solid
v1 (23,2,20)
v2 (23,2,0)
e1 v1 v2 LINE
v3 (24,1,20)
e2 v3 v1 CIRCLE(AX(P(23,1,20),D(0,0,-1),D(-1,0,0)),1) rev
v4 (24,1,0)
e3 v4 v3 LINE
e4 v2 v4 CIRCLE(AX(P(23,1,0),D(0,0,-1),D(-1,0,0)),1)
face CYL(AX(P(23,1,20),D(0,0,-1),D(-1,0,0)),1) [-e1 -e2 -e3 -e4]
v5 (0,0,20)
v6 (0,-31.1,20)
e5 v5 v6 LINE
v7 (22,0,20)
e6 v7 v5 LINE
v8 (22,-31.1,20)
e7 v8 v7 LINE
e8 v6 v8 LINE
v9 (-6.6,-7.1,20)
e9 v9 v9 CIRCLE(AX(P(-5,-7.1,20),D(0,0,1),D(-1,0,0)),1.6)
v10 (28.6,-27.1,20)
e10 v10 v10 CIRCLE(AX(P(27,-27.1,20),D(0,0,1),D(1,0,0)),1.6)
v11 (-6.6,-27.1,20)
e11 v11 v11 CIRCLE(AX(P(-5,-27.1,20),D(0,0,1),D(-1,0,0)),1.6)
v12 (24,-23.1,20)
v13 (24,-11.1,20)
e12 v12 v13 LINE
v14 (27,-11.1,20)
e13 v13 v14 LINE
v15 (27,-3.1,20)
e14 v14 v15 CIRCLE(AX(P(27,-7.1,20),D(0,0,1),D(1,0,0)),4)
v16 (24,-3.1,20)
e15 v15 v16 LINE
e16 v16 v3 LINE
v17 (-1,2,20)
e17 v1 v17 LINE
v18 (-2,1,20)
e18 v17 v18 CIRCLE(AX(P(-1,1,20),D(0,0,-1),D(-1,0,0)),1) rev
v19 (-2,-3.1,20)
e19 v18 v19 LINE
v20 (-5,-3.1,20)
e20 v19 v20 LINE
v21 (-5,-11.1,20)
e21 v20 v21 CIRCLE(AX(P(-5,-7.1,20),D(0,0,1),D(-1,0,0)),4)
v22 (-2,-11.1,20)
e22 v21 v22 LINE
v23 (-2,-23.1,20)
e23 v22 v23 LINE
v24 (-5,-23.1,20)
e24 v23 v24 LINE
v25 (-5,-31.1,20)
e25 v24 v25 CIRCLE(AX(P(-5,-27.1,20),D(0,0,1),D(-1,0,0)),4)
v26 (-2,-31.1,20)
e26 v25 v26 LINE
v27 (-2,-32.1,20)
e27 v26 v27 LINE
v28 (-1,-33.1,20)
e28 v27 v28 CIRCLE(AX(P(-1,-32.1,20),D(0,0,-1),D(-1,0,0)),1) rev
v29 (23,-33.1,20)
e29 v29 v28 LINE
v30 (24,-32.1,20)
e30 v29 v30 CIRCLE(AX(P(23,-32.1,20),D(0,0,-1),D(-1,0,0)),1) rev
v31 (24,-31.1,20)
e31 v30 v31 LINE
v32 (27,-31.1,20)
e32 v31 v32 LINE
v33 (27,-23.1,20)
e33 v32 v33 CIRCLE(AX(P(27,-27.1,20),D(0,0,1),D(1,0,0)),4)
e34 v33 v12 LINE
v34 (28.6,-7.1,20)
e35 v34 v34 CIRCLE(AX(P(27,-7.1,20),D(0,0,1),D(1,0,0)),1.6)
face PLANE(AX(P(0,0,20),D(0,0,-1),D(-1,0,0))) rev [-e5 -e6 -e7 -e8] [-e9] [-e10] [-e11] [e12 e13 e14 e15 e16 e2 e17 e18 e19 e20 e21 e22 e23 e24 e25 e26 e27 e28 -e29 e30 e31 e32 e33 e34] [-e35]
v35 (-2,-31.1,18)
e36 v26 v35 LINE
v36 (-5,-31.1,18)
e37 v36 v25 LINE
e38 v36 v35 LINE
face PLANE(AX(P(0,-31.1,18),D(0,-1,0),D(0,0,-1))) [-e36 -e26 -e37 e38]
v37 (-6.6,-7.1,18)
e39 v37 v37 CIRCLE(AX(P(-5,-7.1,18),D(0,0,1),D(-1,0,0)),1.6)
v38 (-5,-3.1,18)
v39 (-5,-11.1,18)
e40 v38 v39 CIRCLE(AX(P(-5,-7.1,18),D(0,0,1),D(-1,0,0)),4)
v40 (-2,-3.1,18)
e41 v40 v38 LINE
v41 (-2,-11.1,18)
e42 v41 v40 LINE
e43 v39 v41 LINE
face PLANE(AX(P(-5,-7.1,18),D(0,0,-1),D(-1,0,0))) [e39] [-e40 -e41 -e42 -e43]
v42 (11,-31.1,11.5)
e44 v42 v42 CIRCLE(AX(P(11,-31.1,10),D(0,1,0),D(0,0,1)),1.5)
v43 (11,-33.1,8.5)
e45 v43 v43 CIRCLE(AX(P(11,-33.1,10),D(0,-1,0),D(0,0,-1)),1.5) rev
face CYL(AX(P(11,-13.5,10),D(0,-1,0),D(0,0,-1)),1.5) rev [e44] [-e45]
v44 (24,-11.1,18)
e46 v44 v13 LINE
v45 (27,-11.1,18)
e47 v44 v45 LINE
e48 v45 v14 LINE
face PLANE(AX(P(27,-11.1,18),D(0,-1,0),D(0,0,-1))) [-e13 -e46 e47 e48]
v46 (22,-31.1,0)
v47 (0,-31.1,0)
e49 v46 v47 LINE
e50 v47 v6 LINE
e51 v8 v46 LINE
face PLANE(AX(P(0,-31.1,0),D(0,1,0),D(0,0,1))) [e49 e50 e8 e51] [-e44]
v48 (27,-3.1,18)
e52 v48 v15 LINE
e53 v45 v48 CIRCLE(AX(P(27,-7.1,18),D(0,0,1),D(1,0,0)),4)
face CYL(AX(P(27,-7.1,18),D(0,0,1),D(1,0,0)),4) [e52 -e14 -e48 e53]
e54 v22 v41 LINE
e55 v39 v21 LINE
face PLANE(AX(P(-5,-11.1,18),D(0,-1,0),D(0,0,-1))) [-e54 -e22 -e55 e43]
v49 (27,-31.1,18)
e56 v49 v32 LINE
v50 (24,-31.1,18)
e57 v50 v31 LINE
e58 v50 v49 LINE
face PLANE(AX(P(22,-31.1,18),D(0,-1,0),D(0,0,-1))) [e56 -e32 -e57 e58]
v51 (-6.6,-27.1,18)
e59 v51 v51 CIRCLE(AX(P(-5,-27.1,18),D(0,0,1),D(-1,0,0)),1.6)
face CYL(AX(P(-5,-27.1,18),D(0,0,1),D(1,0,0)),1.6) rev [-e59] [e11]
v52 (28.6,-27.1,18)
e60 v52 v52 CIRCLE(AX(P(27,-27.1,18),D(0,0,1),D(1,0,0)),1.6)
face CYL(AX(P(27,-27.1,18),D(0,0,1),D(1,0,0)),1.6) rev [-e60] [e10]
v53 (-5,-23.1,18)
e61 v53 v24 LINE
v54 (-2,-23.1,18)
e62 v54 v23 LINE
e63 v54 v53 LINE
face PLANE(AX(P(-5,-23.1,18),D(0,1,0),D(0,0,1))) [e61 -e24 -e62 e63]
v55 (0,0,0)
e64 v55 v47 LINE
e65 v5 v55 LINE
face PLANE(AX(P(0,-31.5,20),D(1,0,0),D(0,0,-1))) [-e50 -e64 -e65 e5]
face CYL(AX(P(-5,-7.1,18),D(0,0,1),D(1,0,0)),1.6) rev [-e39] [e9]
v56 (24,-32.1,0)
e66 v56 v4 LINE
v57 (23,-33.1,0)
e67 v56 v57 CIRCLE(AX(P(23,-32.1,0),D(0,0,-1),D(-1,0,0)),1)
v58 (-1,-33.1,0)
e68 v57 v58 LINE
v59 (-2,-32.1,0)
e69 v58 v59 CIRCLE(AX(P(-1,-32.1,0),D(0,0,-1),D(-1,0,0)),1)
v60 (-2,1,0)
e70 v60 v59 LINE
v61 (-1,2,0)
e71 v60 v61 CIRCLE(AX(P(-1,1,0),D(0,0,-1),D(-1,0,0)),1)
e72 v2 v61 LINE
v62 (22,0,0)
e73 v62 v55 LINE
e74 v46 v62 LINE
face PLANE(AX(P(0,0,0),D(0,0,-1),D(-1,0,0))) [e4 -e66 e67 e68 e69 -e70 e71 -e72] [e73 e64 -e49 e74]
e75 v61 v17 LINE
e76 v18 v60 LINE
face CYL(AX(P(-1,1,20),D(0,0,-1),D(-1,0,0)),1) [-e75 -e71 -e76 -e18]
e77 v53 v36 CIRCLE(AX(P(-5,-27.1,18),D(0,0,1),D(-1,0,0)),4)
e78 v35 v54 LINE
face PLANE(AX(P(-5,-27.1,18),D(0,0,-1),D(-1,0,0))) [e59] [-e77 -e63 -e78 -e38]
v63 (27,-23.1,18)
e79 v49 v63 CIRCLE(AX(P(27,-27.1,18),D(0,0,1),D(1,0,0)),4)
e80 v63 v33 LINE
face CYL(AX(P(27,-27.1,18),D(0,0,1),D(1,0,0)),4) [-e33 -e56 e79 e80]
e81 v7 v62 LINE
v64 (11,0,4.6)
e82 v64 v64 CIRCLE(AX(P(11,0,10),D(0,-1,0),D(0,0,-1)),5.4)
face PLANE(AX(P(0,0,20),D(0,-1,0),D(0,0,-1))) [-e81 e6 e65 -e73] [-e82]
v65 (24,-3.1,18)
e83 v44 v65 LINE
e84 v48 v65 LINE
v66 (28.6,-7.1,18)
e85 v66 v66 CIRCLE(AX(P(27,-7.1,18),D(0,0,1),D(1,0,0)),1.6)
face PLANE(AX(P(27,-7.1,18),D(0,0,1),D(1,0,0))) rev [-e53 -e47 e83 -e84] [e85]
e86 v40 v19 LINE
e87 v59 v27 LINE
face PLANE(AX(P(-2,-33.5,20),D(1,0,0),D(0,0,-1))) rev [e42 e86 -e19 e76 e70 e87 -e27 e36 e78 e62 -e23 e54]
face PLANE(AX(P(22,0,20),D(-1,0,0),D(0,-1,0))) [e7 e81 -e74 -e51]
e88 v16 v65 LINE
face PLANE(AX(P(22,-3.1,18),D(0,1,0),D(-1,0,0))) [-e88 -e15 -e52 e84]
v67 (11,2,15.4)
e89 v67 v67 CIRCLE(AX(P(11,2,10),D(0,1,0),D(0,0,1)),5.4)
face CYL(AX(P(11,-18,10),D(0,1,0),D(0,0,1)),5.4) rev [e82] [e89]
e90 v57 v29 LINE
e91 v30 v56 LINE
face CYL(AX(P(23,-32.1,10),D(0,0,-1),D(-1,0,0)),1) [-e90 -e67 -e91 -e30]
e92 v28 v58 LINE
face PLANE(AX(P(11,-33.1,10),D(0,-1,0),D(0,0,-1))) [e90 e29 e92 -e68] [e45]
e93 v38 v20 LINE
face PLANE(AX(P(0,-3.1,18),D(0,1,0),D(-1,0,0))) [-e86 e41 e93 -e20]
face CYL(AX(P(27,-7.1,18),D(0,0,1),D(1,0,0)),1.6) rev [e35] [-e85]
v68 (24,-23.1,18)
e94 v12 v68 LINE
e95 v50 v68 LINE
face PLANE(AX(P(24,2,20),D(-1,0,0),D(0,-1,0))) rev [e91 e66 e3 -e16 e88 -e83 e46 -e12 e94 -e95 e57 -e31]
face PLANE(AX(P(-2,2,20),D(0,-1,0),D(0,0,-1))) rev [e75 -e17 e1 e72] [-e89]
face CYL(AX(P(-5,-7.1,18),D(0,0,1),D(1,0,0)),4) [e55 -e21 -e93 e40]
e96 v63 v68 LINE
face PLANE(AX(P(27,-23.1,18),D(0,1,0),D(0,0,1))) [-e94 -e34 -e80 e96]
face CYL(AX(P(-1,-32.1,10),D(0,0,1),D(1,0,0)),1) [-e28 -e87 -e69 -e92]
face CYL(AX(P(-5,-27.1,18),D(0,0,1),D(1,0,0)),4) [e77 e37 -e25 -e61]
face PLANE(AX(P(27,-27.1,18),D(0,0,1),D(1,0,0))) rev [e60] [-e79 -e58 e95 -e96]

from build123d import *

# Parameters (mm, degrees)
SKETCH1_W           = 22
SKETCH1_H           = 31.5
BOSS_EXTRUDE1_DEPTH = 20
SKETCH2_R           = 5.4
CUT_EXTRUDE1_DEPTH  = 20
SKETCH3_R           = 1.5
CUT_EXTRUDE2_DEPTH  = 20
SKETCH4_W           = 22
SKETCH4_H           = 20
SKETCH4_R           = 1.5
BOSS_EXTRUDE2_DEPTH = 0.4
SKETCH5_R           = 44.087047381
CUT_EXTRUDE3_DEPTH  = 0.4
FILLET2_R           = 1
SKETCH6_R           = 1.6
BOSS_EXTRUDE3_DEPTH = 2


with BuildPart() as part:
    # Sketch1 → Boss-Extrude1 (new body)
    with BuildSketch(Plane.XY):
        Polygon((22, 2), (24, 2), (24, -33.5), (-2, -33.5), (-2, 2), align=None)
        with Locations((11, -15.75)):
            Rectangle(SKETCH1_W, SKETCH1_H, mode=Mode.SUBTRACT)
    extrude(amount=BOSS_EXTRUDE1_DEPTH)

    # Sketch2 → Cut-Extrude1 (cut)
    with BuildSketch(Plane(origin=(0, 2, 0), x_dir=(1, 0, 0), z_dir=(0, 1, 0))):
        with Locations((11, -10)):
            Circle(SKETCH2_R)
    extrude(amount=-CUT_EXTRUDE1_DEPTH, mode=Mode.SUBTRACT)

    # Sketch3 → Cut-Extrude2 (cut)
    with BuildSketch(Plane(origin=(0, -33.5, 0), x_dir=(-1, 0, 0), z_dir=(0, -1, 0))):
        with Locations((-11, -10)):
            Circle(SKETCH3_R)
    extrude(amount=-CUT_EXTRUDE2_DEPTH, mode=Mode.SUBTRACT)

    # Sketch4 → Boss-Extrude2 (add)
    with BuildSketch(Plane(origin=(0, -31.5, 0), x_dir=(1, 0, 0), z_dir=(0, 1, 0))):
        with Locations((11, -10)):
            Rectangle(SKETCH4_W, SKETCH4_H)
        with Locations((11, -10)):
            Circle(SKETCH4_R, mode=Mode.SUBTRACT)
    extrude(amount=BOSS_EXTRUDE2_DEPTH)

    # Sketch5 → Cut-Extrude3 (cut)
    with BuildSketch(Plane(origin=(0, -33.5, 0), x_dir=(-1, 0, 0), z_dir=(0, -1, 0))):
        with Locations((-11, -10)):
            Circle(SKETCH5_R)
    extrude(amount=-CUT_EXTRUDE3_DEPTH, mode=Mode.SUBTRACT)

    # Fillet2
    fillet2_edges = [part.edges().sort_by_distance(p)[0] for p in [
        (24, -33.1, 10),
        (-2, -33.1, 10),
        (-2, 2, 10),
        (24, 2, 10),
    ]]
    fillet(fillet2_edges, radius=FILLET2_R)

    # Sketch6 → Boss-Extrude3 (add)
    with BuildSketch(Plane.XY.offset(20)):
        with BuildLine():
            Line((22, -31.1), (27, -31.1))
            ThreePointArc((27, -31.1), (31, -27.1), (27, -23.1))
            Line((27, -23.1), (22, -23.1))
            Line((22, -23.1), (22, -31.1))
        make_face()
        with Locations((27, -27.1)):
            Circle(SKETCH6_R, mode=Mode.SUBTRACT)
        with BuildLine():
            Line((27, -11.1), (22, -11.1))
            Line((22, -11.1), (22, -3.1))
            Line((22, -3.1), (27, -3.1))
            ThreePointArc((27, -3.1), (31, -7.1), (27, -11.1))
        make_face()
        with Locations((27, -7.1)):
            Circle(SKETCH6_R, mode=Mode.SUBTRACT)
        with BuildLine():
            Line((0, -3.1), (-5, -3.1))
            ThreePointArc((-5, -3.1), (-9, -7.1), (-5, -11.1))
            Line((-5, -11.1), (0, -11.1))
            Line((0, -11.1), (0, -3.1))
        make_face()
        with Locations((-5, -7.1)):
            Circle(SKETCH6_R, mode=Mode.SUBTRACT)
        with BuildLine():
            Line((0, -23.1), (0, -31.1))
            Line((0, -31.1), (-5, -31.1))
            ThreePointArc((-5, -31.1), (-9, -27.1), (-5, -23.1))
            Line((-5, -23.1), (0, -23.1))
        make_face()
        with Locations((-5, -27.1)):
            Circle(SKETCH6_R, mode=Mode.SUBTRACT)
    extrude(amount=-BOSS_EXTRUDE3_DEPTH)


solid = part.part
